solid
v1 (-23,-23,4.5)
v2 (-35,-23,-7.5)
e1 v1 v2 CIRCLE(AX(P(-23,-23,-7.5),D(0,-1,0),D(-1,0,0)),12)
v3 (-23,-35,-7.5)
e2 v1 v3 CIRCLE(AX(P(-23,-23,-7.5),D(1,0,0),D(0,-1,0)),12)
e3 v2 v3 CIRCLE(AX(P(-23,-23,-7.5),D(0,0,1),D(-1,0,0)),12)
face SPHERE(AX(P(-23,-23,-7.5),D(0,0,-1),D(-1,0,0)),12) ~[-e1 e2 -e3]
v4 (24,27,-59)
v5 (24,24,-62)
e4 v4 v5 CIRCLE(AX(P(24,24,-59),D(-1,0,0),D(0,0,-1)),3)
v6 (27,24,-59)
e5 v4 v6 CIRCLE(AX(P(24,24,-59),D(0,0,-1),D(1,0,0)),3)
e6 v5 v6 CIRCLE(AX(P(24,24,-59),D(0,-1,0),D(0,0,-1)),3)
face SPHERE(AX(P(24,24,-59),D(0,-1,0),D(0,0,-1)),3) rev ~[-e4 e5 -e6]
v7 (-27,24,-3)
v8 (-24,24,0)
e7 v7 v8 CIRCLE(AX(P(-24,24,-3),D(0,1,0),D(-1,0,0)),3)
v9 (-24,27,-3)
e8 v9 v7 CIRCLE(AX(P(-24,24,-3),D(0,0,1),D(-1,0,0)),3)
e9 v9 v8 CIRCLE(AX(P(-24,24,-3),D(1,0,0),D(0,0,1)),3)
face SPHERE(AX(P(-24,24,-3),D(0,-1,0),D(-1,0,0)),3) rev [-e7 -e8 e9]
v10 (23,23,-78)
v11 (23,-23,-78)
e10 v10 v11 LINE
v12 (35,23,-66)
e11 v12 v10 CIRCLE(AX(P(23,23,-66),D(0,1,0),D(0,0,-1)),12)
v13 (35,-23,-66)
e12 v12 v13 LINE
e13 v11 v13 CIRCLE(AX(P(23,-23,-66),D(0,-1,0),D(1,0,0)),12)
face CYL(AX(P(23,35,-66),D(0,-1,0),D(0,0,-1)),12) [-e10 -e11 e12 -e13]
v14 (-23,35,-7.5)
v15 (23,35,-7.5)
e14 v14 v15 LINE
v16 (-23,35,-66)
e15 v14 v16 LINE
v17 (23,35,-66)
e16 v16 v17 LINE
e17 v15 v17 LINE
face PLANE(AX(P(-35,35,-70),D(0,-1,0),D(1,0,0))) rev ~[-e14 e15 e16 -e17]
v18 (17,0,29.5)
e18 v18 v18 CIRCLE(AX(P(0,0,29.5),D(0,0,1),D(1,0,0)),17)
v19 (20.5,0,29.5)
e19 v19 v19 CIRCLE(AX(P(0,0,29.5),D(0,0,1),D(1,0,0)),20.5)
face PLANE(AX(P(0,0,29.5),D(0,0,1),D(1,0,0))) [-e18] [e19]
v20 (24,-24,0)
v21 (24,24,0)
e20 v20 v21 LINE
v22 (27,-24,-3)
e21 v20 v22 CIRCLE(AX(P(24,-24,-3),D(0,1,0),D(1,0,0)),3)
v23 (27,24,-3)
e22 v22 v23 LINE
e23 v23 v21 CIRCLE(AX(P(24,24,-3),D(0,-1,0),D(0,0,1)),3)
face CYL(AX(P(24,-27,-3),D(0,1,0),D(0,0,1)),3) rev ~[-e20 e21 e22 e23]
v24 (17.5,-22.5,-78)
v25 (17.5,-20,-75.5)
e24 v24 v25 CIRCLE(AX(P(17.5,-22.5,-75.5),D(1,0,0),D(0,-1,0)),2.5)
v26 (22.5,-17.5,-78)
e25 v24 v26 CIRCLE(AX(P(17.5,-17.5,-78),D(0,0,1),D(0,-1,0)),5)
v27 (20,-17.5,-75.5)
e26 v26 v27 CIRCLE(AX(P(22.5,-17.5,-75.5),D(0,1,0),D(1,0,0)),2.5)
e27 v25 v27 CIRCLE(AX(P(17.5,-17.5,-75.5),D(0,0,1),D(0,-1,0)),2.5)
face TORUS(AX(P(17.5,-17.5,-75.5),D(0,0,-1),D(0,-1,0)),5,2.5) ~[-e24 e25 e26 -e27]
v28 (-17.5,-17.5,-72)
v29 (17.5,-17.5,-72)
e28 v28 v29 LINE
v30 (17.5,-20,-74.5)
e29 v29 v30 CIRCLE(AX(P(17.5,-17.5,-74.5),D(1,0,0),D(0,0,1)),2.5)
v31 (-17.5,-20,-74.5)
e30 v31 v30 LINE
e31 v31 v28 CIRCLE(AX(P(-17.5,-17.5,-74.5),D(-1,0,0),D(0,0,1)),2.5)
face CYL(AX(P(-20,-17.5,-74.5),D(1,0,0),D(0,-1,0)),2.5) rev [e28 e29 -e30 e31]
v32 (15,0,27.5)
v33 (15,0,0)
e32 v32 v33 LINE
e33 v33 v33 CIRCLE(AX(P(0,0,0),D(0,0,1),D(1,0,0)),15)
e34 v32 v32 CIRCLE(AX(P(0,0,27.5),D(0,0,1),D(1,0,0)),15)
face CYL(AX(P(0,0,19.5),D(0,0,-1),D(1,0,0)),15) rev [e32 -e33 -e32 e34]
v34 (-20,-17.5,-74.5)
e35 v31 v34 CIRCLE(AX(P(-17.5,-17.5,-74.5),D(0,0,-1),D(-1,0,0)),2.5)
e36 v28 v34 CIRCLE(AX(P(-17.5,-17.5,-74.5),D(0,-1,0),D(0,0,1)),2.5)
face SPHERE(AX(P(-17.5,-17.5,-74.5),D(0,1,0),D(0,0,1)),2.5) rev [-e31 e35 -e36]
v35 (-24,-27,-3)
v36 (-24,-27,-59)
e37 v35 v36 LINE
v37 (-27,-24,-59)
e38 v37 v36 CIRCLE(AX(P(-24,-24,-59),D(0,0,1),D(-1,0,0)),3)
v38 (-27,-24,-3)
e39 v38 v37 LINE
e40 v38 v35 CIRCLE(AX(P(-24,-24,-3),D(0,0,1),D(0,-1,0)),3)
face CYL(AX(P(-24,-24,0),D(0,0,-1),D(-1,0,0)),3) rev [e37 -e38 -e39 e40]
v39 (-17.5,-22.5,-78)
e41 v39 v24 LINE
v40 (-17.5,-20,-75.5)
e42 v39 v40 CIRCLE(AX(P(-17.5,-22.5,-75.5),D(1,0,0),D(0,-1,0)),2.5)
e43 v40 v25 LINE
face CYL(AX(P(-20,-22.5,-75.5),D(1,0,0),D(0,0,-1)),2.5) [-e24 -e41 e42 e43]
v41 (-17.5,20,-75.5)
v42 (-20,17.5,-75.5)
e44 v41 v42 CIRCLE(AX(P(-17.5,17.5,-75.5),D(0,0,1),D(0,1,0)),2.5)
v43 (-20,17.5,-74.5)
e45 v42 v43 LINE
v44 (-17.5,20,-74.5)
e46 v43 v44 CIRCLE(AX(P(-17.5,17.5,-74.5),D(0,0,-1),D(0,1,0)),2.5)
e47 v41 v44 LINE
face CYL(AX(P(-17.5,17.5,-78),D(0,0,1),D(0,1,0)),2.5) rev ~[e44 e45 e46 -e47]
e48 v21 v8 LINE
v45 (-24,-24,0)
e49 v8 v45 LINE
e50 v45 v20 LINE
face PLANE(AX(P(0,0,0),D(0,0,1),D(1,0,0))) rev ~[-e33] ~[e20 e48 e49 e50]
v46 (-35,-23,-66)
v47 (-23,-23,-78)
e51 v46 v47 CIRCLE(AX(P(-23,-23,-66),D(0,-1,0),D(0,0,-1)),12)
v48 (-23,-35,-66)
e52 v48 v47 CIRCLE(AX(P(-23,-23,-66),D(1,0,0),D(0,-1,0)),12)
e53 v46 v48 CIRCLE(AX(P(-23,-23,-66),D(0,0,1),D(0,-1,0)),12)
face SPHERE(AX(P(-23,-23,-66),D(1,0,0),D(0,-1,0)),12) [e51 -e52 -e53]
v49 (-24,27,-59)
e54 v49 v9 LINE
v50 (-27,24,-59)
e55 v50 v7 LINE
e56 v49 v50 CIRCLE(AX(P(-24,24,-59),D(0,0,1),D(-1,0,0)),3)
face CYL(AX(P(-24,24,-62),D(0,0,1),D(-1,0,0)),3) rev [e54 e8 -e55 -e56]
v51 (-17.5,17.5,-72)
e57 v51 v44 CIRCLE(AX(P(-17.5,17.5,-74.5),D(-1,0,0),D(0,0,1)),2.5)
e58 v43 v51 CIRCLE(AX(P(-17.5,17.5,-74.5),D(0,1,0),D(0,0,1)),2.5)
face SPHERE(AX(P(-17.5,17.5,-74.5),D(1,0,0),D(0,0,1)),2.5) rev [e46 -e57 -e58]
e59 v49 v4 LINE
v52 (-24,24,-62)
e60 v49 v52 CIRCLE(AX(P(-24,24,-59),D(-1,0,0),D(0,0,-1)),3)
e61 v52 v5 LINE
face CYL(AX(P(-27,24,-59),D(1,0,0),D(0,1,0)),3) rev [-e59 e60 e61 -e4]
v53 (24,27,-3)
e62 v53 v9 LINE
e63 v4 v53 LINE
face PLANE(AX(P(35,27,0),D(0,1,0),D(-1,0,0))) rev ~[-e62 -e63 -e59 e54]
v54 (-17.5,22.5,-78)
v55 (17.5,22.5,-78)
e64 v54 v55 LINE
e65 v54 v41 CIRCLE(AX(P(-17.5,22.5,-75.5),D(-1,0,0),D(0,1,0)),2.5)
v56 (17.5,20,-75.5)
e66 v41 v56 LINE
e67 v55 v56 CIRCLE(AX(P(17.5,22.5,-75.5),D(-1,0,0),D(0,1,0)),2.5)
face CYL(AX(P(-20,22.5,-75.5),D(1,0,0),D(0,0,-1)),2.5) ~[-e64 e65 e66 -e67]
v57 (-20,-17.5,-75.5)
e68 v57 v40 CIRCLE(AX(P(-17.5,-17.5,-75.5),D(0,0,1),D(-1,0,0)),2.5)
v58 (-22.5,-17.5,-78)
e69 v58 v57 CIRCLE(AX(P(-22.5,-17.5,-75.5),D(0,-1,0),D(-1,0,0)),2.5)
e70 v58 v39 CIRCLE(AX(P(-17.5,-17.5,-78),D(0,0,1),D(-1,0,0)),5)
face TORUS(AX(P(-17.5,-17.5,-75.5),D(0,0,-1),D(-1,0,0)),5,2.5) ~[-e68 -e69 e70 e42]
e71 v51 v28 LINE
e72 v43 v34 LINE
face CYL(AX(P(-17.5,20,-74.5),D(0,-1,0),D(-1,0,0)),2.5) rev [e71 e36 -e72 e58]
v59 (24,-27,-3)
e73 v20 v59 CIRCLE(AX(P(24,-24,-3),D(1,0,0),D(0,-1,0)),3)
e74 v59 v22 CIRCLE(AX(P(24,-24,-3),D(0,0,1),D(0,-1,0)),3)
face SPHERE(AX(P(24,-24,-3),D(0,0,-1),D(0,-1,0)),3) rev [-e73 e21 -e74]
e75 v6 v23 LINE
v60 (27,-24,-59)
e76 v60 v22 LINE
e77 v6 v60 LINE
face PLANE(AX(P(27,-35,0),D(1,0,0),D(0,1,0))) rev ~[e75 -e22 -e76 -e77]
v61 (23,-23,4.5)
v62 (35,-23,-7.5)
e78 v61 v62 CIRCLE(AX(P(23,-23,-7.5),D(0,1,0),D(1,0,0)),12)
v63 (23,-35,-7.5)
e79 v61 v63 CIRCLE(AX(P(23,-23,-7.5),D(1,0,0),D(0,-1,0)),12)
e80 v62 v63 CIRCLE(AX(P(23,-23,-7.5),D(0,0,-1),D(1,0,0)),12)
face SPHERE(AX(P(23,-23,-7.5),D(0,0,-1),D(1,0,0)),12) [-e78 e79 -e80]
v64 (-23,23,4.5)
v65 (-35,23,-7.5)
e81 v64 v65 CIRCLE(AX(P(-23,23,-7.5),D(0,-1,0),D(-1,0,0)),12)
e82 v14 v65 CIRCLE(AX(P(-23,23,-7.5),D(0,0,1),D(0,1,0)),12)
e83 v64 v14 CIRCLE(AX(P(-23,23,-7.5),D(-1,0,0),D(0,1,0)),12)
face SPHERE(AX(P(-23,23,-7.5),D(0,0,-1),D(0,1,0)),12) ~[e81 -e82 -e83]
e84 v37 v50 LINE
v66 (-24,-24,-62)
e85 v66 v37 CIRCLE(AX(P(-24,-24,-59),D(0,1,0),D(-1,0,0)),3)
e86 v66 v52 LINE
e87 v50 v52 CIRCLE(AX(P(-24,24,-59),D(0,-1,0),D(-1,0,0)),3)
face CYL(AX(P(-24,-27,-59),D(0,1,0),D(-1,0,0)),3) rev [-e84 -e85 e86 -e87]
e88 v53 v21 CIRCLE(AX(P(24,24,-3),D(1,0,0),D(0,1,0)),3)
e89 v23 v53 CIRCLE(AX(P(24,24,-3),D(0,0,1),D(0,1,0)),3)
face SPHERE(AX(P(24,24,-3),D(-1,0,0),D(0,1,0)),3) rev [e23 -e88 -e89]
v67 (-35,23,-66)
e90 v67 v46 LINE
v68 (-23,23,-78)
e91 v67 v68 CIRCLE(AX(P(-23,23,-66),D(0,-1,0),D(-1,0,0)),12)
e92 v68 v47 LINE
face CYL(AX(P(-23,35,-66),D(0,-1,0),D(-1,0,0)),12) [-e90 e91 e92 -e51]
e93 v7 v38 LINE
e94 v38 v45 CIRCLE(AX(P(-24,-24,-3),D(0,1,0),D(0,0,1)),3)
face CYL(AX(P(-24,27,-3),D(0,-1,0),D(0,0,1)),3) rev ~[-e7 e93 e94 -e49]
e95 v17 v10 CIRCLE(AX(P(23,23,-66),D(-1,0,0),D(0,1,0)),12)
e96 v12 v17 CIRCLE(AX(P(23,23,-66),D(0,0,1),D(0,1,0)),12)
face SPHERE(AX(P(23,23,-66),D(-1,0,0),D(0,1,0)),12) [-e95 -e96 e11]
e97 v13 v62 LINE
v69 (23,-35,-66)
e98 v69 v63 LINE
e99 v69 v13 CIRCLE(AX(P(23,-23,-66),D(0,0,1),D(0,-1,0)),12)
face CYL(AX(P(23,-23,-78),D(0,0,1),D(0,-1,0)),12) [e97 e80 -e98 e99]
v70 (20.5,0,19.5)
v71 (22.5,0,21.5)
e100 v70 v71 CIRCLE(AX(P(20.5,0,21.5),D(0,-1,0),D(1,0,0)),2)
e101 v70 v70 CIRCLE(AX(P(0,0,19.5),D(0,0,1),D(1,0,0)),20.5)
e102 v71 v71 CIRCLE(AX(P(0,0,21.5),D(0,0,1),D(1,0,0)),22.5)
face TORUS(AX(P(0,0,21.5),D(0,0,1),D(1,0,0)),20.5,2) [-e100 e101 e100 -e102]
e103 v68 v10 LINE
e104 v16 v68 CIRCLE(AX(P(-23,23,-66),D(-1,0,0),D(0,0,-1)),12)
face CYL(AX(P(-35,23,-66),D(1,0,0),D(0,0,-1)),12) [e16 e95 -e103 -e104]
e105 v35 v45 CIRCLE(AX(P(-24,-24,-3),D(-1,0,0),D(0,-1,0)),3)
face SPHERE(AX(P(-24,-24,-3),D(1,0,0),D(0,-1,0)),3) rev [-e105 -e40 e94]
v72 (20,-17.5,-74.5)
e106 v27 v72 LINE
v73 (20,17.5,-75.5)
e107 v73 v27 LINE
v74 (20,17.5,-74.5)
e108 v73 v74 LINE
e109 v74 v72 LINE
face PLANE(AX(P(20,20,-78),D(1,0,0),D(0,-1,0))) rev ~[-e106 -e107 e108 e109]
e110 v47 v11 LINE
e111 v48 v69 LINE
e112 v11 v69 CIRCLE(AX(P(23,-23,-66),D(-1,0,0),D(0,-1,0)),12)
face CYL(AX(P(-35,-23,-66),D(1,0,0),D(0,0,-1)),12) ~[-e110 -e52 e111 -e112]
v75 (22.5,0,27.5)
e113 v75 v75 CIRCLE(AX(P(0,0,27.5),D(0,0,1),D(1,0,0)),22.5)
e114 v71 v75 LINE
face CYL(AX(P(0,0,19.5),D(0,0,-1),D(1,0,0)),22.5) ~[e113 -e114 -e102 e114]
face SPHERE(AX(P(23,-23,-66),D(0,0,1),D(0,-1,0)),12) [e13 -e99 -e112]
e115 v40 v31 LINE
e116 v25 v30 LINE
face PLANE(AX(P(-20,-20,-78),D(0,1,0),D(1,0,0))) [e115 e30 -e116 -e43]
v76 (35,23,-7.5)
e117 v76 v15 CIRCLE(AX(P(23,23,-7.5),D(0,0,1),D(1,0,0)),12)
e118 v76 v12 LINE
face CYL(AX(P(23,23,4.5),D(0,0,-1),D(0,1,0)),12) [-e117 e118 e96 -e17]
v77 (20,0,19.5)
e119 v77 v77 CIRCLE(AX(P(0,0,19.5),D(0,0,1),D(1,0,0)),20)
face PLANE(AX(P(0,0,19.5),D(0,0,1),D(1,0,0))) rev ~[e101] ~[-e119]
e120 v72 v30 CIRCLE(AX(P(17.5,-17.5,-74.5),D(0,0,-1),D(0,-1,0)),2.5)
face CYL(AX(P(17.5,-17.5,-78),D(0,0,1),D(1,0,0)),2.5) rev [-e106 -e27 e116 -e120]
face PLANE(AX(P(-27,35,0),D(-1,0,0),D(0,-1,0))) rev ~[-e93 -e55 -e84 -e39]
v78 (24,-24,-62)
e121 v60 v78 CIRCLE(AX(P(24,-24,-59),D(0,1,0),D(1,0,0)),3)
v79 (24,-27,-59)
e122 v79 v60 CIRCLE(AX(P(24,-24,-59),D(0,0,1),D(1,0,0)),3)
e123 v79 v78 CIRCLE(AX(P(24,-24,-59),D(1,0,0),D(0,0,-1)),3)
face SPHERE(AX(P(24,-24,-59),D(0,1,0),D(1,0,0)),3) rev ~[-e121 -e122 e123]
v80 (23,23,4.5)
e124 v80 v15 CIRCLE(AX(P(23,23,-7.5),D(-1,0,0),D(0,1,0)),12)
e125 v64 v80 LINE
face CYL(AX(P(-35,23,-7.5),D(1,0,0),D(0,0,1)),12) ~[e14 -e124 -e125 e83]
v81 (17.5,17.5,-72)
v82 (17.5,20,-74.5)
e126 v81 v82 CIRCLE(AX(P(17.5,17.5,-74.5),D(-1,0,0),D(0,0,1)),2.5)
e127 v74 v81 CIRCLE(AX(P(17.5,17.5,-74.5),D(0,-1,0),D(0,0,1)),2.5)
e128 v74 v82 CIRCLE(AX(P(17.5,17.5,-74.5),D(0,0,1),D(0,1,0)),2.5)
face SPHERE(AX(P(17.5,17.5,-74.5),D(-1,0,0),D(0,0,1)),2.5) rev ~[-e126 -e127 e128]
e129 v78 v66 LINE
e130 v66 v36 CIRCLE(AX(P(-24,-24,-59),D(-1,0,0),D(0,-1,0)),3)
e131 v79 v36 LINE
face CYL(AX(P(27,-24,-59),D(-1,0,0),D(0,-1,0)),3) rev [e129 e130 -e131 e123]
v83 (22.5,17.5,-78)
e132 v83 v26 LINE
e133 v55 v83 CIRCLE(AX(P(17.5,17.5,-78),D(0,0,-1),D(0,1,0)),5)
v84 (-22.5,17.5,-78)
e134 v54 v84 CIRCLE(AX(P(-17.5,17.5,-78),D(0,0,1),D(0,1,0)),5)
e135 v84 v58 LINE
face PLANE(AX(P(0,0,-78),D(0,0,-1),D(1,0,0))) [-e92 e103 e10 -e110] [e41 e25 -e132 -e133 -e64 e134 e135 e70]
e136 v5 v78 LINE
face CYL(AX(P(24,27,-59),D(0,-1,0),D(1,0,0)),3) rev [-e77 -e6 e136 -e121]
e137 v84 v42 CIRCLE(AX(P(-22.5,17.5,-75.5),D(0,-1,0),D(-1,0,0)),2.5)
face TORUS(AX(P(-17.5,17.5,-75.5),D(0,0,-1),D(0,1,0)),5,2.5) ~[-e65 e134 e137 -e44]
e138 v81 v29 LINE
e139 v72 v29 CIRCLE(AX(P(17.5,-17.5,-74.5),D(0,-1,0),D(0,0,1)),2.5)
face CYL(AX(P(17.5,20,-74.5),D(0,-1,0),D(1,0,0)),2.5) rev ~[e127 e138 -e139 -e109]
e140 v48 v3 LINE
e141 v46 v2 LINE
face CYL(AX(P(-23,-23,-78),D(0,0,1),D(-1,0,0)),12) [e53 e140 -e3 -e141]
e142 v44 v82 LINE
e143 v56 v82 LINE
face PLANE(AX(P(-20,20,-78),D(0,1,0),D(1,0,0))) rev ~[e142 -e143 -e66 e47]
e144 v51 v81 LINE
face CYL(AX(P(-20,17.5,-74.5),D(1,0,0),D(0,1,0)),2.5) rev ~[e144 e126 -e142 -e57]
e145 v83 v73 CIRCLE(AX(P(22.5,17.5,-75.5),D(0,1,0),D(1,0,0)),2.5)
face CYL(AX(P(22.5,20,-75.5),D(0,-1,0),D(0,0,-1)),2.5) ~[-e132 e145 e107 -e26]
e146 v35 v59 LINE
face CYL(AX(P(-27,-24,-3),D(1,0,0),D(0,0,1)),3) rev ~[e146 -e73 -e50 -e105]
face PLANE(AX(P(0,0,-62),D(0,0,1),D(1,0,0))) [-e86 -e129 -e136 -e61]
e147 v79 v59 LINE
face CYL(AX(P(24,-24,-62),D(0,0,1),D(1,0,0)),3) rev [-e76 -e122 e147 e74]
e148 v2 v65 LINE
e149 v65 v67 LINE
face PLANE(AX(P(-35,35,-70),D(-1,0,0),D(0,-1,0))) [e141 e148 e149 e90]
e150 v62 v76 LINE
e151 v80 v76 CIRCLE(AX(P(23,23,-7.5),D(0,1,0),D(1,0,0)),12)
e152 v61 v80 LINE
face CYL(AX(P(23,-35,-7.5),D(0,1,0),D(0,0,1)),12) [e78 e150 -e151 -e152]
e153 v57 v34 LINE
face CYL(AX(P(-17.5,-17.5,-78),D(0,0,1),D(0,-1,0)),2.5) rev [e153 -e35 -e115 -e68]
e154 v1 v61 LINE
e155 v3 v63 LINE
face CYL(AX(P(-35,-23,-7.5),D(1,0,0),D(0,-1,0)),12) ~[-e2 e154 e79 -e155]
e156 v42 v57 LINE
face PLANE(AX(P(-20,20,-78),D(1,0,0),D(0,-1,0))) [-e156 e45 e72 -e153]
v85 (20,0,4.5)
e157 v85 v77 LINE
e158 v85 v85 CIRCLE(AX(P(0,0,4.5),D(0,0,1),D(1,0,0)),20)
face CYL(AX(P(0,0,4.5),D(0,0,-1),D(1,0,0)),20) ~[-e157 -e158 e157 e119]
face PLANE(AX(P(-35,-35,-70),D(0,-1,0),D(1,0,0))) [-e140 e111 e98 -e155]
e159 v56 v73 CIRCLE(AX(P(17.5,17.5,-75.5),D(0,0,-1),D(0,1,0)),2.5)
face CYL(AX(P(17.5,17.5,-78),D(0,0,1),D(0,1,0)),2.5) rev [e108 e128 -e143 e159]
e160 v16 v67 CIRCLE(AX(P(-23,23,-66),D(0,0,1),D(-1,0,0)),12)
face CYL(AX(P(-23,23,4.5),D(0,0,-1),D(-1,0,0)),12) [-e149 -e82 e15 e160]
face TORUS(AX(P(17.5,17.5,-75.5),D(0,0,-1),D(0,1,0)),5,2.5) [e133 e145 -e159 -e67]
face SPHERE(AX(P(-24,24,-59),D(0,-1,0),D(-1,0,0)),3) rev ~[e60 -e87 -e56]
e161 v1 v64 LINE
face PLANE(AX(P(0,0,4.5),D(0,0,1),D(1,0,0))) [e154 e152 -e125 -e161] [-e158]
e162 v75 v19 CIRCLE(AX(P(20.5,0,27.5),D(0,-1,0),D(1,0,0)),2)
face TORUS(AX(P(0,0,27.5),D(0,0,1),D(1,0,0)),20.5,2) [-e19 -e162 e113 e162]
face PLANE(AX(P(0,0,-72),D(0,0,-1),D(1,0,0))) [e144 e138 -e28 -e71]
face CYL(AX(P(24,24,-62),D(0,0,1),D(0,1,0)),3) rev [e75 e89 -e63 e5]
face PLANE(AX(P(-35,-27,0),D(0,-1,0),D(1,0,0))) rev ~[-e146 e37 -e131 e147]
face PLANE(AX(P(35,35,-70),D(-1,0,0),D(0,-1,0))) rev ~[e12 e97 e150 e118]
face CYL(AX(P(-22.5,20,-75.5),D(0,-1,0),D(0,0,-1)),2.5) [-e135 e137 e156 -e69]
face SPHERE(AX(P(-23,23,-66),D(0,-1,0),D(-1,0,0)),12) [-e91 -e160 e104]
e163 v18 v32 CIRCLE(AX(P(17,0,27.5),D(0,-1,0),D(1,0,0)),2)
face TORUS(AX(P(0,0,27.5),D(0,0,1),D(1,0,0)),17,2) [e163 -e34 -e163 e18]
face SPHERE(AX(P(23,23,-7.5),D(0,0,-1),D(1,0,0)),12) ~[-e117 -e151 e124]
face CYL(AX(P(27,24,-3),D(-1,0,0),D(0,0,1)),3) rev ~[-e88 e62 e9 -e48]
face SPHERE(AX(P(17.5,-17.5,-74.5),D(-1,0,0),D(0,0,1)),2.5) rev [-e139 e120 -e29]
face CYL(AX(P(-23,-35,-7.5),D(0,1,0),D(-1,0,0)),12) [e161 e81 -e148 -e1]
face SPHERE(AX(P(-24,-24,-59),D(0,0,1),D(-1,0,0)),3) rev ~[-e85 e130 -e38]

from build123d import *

# Parameters (mm, degrees)
F1_DEPTH  = 70
F2_T      = -8
F3_W      = 70
F3_H      = 70
F3_R      = 15
F4_DEPTH  = 4.5
F5_R      = 20
F5_R_2    = 15
F6_DEPTH  = 15
F7_R      = 22.5
F7_R_2    = 15
F8_DEPTH  = 10
F9_W      = 70
F9_H      = 70
F10_DEPTH = 8
F11_W     = 40
F11_H     = 40
F12_DEPTH = 6
F13_R     = 12
F14_R     = 2
F15_R     = 2.5
F16_R     = 3


with BuildPart() as f1:
    # F0 (on Top) → F1 (new body)
    with BuildSketch(Plane.XY):
        Polygon((-35, -35), (0, -35), (35, -35), (35, 0), (35, 35), (0, 35), (-35, 35), (-35, 0), align=None)
    extrude(amount=-F1_DEPTH)

    # F2
    f2_openings = [f1.faces().sort_by_distance(p)[0] for p in [
        (0, 0, 0),
    ]]
    offset(amount=F2_T, openings=f2_openings)

    # F3 (on face) → F4 (join)
    with BuildSketch(Plane.XY):
        Rectangle(F3_W, F3_H)
        Circle(F3_R, mode=Mode.SUBTRACT)
    extrude(amount=F4_DEPTH)

    # F5 (on face) → F6 (join)
    with BuildSketch(Plane.XY.offset(4.5)):
        Circle(F5_R)
        Circle(F5_R_2, mode=Mode.SUBTRACT)
    extrude(amount=F6_DEPTH)

    # F7 (on face) → F8 (join)
    with BuildSketch(Plane.XY.offset(19.5)):
        Circle(F7_R)
        Circle(F7_R_2, mode=Mode.SUBTRACT)
    extrude(amount=F8_DEPTH)

    # F9 (on face) → F10 (join)
    with BuildSketch(Plane(origin=(0, 0, -70), x_dir=(1, 0, 0), z_dir=(0, 0, -1))):
        Rectangle(F9_W, F9_H)
    extrude(amount=F10_DEPTH)

    # F11 (on face) → F12 (cut)
    with BuildSketch(Plane(origin=(0, 0, -78), x_dir=(1, 0, 0), z_dir=(0, 0, -1))):
        Rectangle(F11_W, F11_H)
    extrude(amount=-F12_DEPTH, mode=Mode.SUBTRACT)

    # F13
    f13_edges = [f1.edges().sort_by_distance(p)[0] for p in [
        (35, -35, -36.75),
        (0, -35, -78),
        (-35, -35, -36.75),
        (-35, 0, -78),
        (-35, 35, -36.75),
        (0, 35, -78),
        (35, 35, -36.75),
        (35, 0, -78),
        (35, 0, 4.5),
        (0, 35, 4.5),
        (-35, 0, 4.5),
        (0, -35, 4.5),
    ]]
    fillet(f13_edges, radius=F13_R)

    # F14
    f14_edges = [f1.edges().sort_by_distance(p)[0] for p in [
        (-22.5, 0, 29.5),
        (-22.5, 0, 19.5),
        (-15, 0, 29.5),
    ]]
    fillet(f14_edges, radius=F14_R)

    # F15
    f15_edges = [f1.edges().sort_by_distance(p)[0] for p in [
        (0, 20, -78),
        (-20, 0, -78),
        (0, -20, -78),
        (20, 0, -78),
        (0, 20, -72),
        (-20, 0, -72),
        (0, -20, -72),
        (20, 0, -72),
        (-20, 20, -75),
        (-20, -20, -75),
        (20, 20, -75),
        (20, -20, -75),
    ]]
    fillet(f15_edges, radius=F15_R)

    # F16
    f16_edges = [f1.edges().sort_by_distance(p)[0] for p in [
        (27, 0, -62),
        (27, -27, -31),
        (0, -27, 0),
        (-27, -27, -31),
        (-27, 0, -62),
        (-27, 0, 0),
        (-27, 27, -31),
        (0, 27, 0),
        (0, 27, -62),
        (0, -27, -62),
        (27, 27, -31),
        (27, 0, 0),
    ]]
    fillet(f16_edges, radius=F16_R)


solid = f1.part
